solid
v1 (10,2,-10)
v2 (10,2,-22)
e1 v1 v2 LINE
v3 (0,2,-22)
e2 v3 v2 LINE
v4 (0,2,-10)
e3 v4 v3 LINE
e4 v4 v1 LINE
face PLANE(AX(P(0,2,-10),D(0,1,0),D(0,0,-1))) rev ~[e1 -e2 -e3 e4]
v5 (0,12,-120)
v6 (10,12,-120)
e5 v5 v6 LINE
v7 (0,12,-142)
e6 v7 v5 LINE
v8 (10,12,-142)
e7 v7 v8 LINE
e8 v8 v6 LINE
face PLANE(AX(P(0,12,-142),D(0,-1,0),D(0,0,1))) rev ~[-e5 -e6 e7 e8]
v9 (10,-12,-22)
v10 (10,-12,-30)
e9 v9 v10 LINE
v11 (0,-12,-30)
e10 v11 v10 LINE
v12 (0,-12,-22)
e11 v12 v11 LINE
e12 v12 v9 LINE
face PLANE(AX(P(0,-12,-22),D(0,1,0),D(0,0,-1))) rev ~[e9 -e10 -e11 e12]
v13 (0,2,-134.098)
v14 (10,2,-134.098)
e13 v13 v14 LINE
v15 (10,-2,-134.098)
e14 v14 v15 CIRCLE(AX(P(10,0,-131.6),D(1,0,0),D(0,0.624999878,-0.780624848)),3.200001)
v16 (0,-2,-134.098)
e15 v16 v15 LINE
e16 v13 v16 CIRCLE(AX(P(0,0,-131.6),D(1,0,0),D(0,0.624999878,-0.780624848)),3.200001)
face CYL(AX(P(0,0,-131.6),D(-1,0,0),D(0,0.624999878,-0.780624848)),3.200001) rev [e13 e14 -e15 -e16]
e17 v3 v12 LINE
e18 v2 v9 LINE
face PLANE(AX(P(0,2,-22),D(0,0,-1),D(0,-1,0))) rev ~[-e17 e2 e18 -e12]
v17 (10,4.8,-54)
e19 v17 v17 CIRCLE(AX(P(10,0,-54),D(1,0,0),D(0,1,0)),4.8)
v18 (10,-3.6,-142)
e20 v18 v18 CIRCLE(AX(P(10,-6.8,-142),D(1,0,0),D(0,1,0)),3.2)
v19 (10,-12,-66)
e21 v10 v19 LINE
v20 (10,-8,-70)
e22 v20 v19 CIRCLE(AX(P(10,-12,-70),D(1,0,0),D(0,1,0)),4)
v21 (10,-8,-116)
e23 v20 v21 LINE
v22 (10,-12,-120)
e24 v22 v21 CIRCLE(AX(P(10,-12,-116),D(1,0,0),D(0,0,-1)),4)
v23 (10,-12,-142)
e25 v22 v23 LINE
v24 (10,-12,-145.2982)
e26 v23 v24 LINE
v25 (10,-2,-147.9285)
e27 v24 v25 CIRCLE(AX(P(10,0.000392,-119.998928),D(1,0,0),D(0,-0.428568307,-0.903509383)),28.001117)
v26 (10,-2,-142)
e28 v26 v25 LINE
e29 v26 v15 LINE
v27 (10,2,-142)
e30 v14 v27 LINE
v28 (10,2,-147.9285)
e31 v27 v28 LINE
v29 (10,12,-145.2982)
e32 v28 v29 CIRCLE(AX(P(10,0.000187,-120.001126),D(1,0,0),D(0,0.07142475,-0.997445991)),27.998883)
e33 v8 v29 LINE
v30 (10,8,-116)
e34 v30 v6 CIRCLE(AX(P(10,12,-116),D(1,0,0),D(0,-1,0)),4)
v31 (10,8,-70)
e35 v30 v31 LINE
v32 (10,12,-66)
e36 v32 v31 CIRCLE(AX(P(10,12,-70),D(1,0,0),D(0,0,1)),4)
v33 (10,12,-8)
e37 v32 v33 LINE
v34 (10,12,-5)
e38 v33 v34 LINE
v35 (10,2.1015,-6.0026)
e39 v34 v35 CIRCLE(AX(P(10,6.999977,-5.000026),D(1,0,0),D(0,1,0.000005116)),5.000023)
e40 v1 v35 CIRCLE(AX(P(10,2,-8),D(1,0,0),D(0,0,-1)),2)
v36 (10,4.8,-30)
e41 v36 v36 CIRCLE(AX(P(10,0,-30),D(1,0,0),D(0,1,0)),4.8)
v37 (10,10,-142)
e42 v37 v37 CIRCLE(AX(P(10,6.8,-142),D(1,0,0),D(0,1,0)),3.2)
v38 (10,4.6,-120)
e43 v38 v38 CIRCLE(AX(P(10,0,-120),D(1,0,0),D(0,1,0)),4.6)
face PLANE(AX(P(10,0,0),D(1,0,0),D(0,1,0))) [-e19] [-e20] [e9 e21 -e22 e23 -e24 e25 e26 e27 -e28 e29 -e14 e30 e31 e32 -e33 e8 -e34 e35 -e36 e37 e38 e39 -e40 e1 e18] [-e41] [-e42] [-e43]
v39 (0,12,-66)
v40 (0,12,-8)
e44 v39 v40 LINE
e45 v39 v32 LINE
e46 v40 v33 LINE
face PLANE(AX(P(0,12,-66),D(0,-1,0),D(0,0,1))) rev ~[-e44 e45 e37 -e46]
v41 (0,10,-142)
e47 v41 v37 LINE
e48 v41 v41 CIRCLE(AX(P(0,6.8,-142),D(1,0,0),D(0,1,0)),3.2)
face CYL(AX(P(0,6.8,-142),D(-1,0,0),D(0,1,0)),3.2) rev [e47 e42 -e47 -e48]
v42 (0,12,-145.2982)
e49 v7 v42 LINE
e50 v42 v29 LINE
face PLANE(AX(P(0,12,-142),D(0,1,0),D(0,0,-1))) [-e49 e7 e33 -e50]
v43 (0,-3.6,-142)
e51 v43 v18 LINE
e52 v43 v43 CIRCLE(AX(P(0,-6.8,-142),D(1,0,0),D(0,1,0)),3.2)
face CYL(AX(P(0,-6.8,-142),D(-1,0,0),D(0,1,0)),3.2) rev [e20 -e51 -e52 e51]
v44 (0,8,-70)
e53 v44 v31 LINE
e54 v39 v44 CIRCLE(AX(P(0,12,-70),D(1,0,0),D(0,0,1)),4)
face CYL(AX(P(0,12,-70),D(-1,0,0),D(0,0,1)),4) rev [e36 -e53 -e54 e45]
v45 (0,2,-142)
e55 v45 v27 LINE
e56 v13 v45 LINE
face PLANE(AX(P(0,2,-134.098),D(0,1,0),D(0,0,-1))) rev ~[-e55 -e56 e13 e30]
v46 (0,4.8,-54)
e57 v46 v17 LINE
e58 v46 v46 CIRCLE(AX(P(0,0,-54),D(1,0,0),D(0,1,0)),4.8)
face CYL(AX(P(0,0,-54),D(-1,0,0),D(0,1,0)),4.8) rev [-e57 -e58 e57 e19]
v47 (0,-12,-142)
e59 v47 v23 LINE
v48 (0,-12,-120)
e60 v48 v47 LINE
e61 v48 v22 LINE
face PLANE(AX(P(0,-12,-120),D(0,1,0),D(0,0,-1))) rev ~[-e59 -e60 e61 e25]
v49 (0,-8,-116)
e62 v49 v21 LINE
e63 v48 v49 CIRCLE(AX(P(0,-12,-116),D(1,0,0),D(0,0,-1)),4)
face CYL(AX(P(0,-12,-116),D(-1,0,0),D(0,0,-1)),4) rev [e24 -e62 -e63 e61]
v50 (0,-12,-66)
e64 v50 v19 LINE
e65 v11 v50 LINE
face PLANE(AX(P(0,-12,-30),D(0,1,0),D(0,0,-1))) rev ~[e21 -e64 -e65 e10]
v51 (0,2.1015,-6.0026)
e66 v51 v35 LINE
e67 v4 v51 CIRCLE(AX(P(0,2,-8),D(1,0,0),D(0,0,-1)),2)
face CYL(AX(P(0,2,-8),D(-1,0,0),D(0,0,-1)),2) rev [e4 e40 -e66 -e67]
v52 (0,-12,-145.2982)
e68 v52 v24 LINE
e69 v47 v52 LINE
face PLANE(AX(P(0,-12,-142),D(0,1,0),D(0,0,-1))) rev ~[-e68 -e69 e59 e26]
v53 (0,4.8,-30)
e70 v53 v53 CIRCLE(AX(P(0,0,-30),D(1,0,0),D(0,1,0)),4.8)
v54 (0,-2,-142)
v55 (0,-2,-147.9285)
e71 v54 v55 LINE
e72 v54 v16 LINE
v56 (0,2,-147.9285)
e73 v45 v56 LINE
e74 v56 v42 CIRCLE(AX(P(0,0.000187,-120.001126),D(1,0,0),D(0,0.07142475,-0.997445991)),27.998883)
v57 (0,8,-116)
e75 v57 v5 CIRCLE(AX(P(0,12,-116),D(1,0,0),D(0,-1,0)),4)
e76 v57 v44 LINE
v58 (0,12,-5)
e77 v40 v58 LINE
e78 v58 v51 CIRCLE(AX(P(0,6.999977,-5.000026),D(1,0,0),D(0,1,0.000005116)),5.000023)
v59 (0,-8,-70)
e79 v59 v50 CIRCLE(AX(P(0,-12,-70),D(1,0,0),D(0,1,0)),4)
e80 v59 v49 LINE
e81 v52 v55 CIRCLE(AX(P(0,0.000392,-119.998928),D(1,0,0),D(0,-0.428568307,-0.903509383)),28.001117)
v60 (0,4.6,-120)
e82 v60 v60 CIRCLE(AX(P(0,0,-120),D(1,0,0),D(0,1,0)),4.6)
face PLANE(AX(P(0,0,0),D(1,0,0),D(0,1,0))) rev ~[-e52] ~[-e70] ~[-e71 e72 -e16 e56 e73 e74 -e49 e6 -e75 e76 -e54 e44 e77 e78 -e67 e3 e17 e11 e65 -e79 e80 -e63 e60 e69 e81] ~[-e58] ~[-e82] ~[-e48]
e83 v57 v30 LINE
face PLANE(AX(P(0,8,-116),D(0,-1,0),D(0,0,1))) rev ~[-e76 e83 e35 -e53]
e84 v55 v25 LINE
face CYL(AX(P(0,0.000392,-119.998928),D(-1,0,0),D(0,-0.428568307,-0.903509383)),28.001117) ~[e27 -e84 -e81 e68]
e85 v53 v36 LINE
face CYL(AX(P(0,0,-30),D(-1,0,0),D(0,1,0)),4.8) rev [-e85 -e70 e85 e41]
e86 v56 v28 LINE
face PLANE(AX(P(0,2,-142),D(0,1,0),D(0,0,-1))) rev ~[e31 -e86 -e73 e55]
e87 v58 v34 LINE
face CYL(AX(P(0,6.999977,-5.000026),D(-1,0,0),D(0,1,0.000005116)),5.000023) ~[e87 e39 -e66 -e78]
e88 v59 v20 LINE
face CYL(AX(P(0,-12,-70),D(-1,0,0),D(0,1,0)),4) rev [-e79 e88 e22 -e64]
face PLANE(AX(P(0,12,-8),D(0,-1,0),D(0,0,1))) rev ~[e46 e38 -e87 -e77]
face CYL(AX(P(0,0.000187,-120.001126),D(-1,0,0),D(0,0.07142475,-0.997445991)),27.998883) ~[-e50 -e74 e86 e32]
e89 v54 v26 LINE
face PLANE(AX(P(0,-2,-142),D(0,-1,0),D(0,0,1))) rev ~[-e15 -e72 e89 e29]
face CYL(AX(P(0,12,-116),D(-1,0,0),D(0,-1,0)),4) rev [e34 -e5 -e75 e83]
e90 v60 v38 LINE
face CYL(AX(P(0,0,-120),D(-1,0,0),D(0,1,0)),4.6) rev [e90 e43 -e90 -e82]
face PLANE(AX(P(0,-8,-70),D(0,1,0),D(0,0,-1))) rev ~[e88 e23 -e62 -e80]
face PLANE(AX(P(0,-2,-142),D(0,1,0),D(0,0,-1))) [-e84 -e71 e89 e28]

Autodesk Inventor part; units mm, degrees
ref_plane "YZ Plane" through (0, 0, 0) normal (1, 0, 0) x (0, 1, 0)
ref_plane "XZ Plane" through (0, 0, 0) normal (0, 1, 0) x (-1, 0, 0)
ref_plane "XY Plane" through (0, 0, 0) normal (0, 0, 1) x (1, 0, 0)
sketch "Эскиз1" plane through (0, 0, 0) normal (1, 0, 0) x (0, 1, 0)
  line L0 (2, -22) -> (-12, -22)
  line L1 (-12, -22) -> (-12, -66)
  line L2 (-12, -66) -> (-12, -66)
  line L3 (-8, -70) -> (-8, -116)
  line L4 (-12, -120) -> (-12, -120)
  line L5 (-12, -120) -> (-12, -142)
  line L6 (12, -142) -> (12, -120)
  line L7 (12, -120) -> (12, -120)
  line L8 (8, -116) -> (8, -70)
  line L9 (12, -66) -> (12, -66)
  line L10 (12, -66) -> (12, -8)
  arc A0 (2, -10) -> (2, -6) centre (2, -8) ccw
  line L11 (2, -10) -> (2, -22)
  line L12 (-12, -22) -> (-12, -30)
  circle A1 centre (0, -30) radius 4.8
  circle A2 centre (0, -54) radius 4.8
  circle A3 centre (0, -120) radius 4.6
  arc A4 (12, -66) -> (8, -70) centre (12, -70) ccw
  arc A5 (8, -116) -> (12, -120) centre (12, -116) ccw
  arc A6 (-12, -120) -> (-8, -116) centre (-12, -116) ccw
  arc A7 (-8, -70) -> (-12, -66) centre (-12, -70) ccw
  arc A8 (2, -134.098) -> (-2, -134.098) centre (0, -131.6) ccw
  circle A9 centre (-6.8, -142) radius 3.2
  circle A10 centre (6.8, -142) radius 3.2
  line L13 (-2, -142) -> (-2, -134.098)
  line L14 (2, -134.098) -> (2, -142)
  line L15 (12, -142) -> (12, -145.2982)
  line L16 (-12, -142) -> (-12, -145.2982)
  line L17 (2, -142) -> (2, -147.9285)
  line L18 (-2, -142) -> (-2, -147.9285)
  arc A11 (-12, -145.2982) -> (-2, -147.9285) centre (0, -120) ccw
  arc A12 (2, -147.9285) -> (12, -145.2982) centre (0, -120) ccw
  arc A13 (12, -5) -> (2.1015, -6.0026) centre (7, -5) ccw
  line L19 (12, -8) -> (12, -5)
  point P0 (0, 0)
  point P1 (8, -120)
extrude "Выдавливание1" add sketch "Эскиз1" along normal blind 10
properties part number "task5"
